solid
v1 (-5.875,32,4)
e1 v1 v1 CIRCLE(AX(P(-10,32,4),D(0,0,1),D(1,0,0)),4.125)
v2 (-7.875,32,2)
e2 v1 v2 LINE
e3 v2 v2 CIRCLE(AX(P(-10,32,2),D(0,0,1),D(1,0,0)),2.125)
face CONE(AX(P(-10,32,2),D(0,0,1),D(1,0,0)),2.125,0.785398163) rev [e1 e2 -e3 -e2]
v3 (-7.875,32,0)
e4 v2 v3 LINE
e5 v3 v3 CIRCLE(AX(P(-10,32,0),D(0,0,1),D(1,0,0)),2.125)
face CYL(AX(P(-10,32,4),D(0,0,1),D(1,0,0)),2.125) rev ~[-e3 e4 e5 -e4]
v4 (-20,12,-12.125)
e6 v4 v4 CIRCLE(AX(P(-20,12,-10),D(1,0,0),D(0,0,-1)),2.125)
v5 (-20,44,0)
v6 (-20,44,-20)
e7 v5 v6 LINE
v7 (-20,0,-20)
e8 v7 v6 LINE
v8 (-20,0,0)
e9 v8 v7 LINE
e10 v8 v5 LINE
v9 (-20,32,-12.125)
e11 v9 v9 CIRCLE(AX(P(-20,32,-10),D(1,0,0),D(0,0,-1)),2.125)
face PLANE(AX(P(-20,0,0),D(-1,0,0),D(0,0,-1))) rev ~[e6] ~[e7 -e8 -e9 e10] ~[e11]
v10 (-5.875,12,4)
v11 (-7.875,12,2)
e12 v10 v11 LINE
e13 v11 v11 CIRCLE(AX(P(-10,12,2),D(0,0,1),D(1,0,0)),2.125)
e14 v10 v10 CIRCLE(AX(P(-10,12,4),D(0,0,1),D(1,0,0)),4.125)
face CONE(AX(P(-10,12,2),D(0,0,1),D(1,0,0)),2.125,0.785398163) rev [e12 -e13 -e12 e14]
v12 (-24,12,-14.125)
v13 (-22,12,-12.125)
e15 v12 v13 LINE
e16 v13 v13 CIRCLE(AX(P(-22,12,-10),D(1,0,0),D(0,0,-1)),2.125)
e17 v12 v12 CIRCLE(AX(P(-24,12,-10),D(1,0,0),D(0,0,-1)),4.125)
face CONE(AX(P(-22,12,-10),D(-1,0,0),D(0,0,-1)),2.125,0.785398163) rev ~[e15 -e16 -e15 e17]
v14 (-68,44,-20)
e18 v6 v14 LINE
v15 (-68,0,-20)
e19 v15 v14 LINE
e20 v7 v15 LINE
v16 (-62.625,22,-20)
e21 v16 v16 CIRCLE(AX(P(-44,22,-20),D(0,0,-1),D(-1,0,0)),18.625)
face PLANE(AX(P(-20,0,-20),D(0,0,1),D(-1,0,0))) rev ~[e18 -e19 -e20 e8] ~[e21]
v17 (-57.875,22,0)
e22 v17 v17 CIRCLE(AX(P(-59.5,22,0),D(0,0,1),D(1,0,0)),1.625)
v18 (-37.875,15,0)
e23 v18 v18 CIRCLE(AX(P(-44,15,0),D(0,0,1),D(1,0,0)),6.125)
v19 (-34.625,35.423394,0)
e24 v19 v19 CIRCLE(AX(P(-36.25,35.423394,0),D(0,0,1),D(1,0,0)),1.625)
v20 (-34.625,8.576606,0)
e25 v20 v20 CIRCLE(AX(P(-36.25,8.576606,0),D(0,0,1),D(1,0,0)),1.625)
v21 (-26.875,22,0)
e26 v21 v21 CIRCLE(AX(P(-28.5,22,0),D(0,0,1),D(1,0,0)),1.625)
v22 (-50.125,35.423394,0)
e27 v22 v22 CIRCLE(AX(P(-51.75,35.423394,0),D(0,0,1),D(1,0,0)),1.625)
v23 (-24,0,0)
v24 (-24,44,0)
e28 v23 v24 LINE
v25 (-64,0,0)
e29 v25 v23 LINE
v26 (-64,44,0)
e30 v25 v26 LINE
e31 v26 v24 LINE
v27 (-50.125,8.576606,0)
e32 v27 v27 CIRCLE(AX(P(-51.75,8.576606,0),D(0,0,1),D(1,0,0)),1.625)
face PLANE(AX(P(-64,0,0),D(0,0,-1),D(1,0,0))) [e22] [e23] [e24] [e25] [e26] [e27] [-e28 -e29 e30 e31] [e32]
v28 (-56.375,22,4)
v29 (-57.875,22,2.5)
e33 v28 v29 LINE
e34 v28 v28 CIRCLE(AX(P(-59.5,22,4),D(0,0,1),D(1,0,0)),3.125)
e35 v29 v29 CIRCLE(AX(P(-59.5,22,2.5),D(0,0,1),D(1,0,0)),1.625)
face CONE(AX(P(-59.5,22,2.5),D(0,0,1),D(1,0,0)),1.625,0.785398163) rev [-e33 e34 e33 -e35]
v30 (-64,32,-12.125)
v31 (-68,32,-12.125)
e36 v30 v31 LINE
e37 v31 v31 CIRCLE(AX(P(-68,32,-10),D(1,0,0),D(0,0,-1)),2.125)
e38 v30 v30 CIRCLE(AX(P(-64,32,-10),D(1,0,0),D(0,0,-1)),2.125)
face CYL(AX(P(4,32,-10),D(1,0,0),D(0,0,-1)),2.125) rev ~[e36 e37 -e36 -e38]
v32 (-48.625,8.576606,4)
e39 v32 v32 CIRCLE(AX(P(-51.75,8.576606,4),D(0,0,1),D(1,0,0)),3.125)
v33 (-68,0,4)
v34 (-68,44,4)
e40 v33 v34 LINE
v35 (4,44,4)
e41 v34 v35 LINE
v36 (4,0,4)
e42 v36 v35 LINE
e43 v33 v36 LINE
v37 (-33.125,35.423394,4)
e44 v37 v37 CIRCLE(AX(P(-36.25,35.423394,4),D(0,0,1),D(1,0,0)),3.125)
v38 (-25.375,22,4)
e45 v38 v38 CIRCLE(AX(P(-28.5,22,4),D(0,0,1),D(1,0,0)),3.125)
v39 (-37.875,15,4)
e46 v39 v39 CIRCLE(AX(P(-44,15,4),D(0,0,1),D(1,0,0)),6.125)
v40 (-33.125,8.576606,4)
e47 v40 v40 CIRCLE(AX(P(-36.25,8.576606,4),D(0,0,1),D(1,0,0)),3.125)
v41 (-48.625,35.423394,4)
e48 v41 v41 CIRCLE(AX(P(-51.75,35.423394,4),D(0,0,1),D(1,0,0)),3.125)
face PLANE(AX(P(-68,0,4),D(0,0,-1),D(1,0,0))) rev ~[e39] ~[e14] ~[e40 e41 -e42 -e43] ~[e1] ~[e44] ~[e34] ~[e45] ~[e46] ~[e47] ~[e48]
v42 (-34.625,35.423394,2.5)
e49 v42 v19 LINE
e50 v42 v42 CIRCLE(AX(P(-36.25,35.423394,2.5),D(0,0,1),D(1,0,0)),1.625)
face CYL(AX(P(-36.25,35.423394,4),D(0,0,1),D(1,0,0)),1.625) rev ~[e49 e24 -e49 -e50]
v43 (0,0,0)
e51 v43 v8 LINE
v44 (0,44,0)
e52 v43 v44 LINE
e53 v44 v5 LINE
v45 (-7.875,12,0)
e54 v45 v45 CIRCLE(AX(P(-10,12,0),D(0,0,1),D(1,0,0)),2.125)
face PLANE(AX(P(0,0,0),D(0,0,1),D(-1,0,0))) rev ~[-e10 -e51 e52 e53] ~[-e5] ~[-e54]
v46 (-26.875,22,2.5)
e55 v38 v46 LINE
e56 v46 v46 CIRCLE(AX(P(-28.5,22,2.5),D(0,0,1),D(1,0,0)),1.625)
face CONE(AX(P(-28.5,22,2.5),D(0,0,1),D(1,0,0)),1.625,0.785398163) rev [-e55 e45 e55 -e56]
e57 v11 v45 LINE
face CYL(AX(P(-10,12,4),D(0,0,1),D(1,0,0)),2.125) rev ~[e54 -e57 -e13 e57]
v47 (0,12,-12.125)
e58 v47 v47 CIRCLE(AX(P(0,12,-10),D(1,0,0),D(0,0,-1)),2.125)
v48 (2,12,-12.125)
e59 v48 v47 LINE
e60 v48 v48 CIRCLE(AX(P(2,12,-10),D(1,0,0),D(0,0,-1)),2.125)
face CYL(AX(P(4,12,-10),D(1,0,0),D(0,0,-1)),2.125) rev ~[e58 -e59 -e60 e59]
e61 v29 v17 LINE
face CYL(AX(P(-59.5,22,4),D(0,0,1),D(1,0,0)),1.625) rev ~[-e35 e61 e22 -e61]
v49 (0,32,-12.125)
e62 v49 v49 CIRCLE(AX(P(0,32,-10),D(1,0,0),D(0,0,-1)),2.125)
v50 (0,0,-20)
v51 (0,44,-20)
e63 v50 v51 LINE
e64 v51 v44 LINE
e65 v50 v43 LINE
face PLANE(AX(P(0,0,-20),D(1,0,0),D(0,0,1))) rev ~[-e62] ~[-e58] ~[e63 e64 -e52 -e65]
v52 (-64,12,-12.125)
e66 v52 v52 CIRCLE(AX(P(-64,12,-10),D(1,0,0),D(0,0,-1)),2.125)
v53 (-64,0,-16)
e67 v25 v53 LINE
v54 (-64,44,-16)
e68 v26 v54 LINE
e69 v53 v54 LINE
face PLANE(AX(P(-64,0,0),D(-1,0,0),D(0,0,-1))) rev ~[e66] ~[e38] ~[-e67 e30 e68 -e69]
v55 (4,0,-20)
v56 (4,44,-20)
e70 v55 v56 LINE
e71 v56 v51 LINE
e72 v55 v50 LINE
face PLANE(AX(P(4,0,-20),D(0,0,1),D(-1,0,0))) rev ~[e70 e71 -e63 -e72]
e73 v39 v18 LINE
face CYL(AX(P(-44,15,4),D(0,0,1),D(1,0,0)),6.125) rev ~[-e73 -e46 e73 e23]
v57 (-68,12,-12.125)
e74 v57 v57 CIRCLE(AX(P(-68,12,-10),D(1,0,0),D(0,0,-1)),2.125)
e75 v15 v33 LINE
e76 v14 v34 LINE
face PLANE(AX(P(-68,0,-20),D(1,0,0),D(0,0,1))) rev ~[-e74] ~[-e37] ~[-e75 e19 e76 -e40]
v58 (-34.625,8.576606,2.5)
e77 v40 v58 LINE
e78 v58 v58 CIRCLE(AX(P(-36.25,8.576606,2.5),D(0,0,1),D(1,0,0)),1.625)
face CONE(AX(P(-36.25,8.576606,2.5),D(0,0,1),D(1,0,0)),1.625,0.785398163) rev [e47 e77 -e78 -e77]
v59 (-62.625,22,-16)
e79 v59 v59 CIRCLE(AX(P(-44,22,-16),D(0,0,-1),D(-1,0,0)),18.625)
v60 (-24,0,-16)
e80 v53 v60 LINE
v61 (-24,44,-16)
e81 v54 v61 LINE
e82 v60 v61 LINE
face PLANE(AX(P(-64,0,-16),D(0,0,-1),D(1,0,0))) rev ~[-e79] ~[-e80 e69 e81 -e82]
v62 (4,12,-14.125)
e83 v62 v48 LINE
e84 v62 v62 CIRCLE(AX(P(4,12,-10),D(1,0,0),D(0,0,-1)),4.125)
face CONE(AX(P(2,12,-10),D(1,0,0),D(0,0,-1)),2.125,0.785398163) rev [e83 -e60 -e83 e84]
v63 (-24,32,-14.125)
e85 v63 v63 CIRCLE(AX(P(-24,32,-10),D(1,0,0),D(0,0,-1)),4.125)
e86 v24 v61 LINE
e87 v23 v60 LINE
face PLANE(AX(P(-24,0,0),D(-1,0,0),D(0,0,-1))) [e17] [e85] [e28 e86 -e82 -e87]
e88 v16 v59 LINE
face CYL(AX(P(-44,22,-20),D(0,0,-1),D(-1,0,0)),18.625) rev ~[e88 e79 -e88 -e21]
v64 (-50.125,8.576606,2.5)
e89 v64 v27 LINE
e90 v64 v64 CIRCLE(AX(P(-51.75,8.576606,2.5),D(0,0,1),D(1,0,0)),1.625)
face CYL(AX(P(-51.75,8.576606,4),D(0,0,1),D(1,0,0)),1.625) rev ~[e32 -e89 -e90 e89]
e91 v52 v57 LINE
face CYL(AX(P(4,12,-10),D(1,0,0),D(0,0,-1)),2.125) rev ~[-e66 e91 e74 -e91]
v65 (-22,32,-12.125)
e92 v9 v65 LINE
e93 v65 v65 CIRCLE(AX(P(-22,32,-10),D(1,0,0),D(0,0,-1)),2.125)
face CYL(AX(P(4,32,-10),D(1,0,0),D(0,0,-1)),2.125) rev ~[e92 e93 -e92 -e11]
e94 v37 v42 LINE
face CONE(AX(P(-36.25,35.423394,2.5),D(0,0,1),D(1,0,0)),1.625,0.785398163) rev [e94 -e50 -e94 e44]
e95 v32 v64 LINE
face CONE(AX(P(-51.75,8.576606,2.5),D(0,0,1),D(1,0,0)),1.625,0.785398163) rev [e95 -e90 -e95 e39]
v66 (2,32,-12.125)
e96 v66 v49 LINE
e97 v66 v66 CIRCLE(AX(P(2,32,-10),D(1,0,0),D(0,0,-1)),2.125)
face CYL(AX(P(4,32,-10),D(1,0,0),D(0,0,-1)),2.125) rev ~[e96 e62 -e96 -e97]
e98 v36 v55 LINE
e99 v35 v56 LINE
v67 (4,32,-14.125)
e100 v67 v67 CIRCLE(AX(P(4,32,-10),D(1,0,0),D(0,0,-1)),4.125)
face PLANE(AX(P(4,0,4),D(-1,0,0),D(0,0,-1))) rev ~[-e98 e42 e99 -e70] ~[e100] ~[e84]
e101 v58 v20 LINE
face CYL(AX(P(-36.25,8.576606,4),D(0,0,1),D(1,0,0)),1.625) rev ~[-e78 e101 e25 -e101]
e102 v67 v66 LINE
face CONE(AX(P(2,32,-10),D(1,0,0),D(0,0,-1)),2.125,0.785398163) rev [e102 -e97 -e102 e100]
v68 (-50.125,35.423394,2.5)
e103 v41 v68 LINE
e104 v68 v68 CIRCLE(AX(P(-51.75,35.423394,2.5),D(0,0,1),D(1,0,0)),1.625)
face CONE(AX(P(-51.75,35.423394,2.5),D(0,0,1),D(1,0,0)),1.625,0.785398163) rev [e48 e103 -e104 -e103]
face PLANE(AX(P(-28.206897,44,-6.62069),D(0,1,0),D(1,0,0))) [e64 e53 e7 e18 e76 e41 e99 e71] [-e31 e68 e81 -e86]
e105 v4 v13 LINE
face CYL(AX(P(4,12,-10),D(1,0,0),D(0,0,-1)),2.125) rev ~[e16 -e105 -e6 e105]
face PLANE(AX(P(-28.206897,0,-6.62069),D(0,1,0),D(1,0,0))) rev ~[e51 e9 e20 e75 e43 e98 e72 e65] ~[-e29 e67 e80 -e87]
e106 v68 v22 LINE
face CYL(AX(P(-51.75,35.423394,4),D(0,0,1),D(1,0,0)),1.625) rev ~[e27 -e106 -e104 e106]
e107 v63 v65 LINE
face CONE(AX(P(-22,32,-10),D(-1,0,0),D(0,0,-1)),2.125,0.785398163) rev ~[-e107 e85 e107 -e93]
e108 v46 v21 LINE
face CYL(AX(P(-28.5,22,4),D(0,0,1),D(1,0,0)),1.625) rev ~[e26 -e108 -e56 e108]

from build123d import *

# Parameters (mm, degrees)
SKETCH1_W           = 40
SKETCH1_H           = 16
BOSS_EXTRUDE1_DEPTH = 44
CUT_EXTRUDE1_REACH  = 86.475
SKETCH2_R           = 18.625
CUT_EXTRUDE2_REACH  = 86.475
SKETCH3_R           = 6.125
SKETCH3_R_2         = 1.625
SKETCH4_R           = 2.125
CUT_EXTRUDE3_DEPTH  = 87.717933555
SKETCH5_R           = 2.125
CUT_EXTRUDE4_DEPTH  = 85.474848328
CHAMFER1_SIZE       = 2
CHAMFER2_SIZE       = 1.5


with BuildPart() as part:
    # Sketch1 → Boss-Extrude1 (new body)
    with BuildSketch(Plane(origin=(0, 0, 0), x_dir=(1, 0, 0), z_dir=(0, 1, 0))):
        Polygon((4, 20), (0, 20), (0, 0), (-20, 0), (-20, 20), (-24, 20), (-68, 20), (-68, 16), (-68, 0), (-68, -4), (-24, -4), (4, -4), align=None)
        with Locations((-44, 8)):
            Rectangle(SKETCH1_W, SKETCH1_H, mode=Mode.SUBTRACT)
    extrude(amount=BOSS_EXTRUDE1_DEPTH)

    # Sketch2 → Cut-Extrude1 (cut, up to next)
    with BuildSketch(Plane(origin=(0, 0, -20), x_dir=(-1, 0, 0), z_dir=(0, 0, -1)), mode=Mode.PRIVATE) as cut_extrude1_sk1:
        with Locations((44, 22)):
            Circle(SKETCH2_R)
    cut_extrude1_tool1 = extrude(cut_extrude1_sk1.sketch, amount=-CUT_EXTRUDE1_REACH, mode=Mode.PRIVATE) & part.part
    add(cut_extrude1_tool1.solids().sort_by_distance((-44, 22, -20))[0], mode=Mode.SUBTRACT)

    # Sketch3 → Cut-Extrude2 (cut, up to next)
    with BuildSketch(Plane.XY.offset(4), mode=Mode.PRIVATE) as cut_extrude2_sk1:
        with Locations((-44, 15)):
            Circle(SKETCH3_R)
    cut_extrude2_tool1 = extrude(cut_extrude2_sk1.sketch, amount=-CUT_EXTRUDE2_REACH, mode=Mode.PRIVATE) & part.part
    # Sketch3 → Cut-Extrude2 (cut, up to next)
    with BuildSketch(Plane.XY.offset(4), mode=Mode.PRIVATE) as cut_extrude2_sk2:
        with Locations((-51.75, 35.423393759)):
            Circle(SKETCH3_R_2)
    cut_extrude2_tool2 = extrude(cut_extrude2_sk2.sketch, amount=-CUT_EXTRUDE2_REACH, mode=Mode.PRIVATE) & part.part
    # Sketch3 → Cut-Extrude2 (cut, up to next)
    with BuildSketch(Plane.XY.offset(4), mode=Mode.PRIVATE) as cut_extrude2_sk3:
        with Locations((-36.25, 35.423393759)):
            Circle(SKETCH3_R_2)
    cut_extrude2_tool3 = extrude(cut_extrude2_sk3.sketch, amount=-CUT_EXTRUDE2_REACH, mode=Mode.PRIVATE) & part.part
    # Sketch3 → Cut-Extrude2 (cut, up to next)
    with BuildSketch(Plane.XY.offset(4), mode=Mode.PRIVATE) as cut_extrude2_sk4:
        with Locations((-28.5, 22)):
            Circle(SKETCH3_R_2)
    cut_extrude2_tool4 = extrude(cut_extrude2_sk4.sketch, amount=-CUT_EXTRUDE2_REACH, mode=Mode.PRIVATE) & part.part
    # Sketch3 → Cut-Extrude2 (cut, up to next)
    with BuildSketch(Plane.XY.offset(4), mode=Mode.PRIVATE) as cut_extrude2_sk5:
        with Locations((-36.25, 8.576606241)):
            Circle(SKETCH3_R_2)
    cut_extrude2_tool5 = extrude(cut_extrude2_sk5.sketch, amount=-CUT_EXTRUDE2_REACH, mode=Mode.PRIVATE) & part.part
    # Sketch3 → Cut-Extrude2 (cut, up to next)
    with BuildSketch(Plane.XY.offset(4), mode=Mode.PRIVATE) as cut_extrude2_sk6:
        with Locations((-51.75, 8.576606241)):
            Circle(SKETCH3_R_2)
    cut_extrude2_tool6 = extrude(cut_extrude2_sk6.sketch, amount=-CUT_EXTRUDE2_REACH, mode=Mode.PRIVATE) & part.part
    # Sketch3 → Cut-Extrude2 (cut, up to next)
    with BuildSketch(Plane.XY.offset(4), mode=Mode.PRIVATE) as cut_extrude2_sk7:
        with Locations((-59.5, 22)):
            Circle(SKETCH3_R_2)
    cut_extrude2_tool7 = extrude(cut_extrude2_sk7.sketch, amount=-CUT_EXTRUDE2_REACH, mode=Mode.PRIVATE) & part.part
    add(cut_extrude2_tool1.solids().sort_by_distance((-44, 15, 4))[0], mode=Mode.SUBTRACT)
    add(cut_extrude2_tool2.solids().sort_by_distance((-51.75, 35.423394, 4))[0], mode=Mode.SUBTRACT)
    add(cut_extrude2_tool3.solids().sort_by_distance((-36.25, 35.423394, 4))[0], mode=Mode.SUBTRACT)
    add(cut_extrude2_tool4.solids().sort_by_distance((-28.5, 22, 4))[0], mode=Mode.SUBTRACT)
    add(cut_extrude2_tool5.solids().sort_by_distance((-36.25, 8.576606, 4))[0], mode=Mode.SUBTRACT)
    add(cut_extrude2_tool6.solids().sort_by_distance((-51.75, 8.576606, 4))[0], mode=Mode.SUBTRACT)
    add(cut_extrude2_tool7.solids().sort_by_distance((-59.5, 22, 4))[0], mode=Mode.SUBTRACT)

    # Sketch4 → Cut-Extrude3 (cut, through all)
    with BuildSketch(Plane(origin=(4, 0, 0), x_dir=(0, 0, -1), z_dir=(1, 0, 0))):
        with Locations((10, 32)):
            Circle(SKETCH4_R)
        with Locations((10, 12)):
            Circle(SKETCH4_R)
    extrude(amount=-CUT_EXTRUDE3_DEPTH, mode=Mode.SUBTRACT)

    # Sketch5 → Cut-Extrude4 (cut, through all)
    with BuildSketch(Plane.XY.offset(4)):
        with Locations((-10, 32)):
            Circle(SKETCH5_R)
        with Locations((-10, 12)):
            Circle(SKETCH5_R)
    extrude(amount=-CUT_EXTRUDE4_DEPTH, mode=Mode.SUBTRACT)

    # Chamfer1
    chamfer1_edges = [part.edges().sort_by_distance(p)[0] for p in [
        (-12.125, 32, 4),
        (-12.125, 12, 4),
        (-24, 32, -7.875),
        (4, 32, -7.875),
        (-24, 12, -7.875),
        (4, 12, -7.875),
    ]]
    chamfer(chamfer1_edges, length=CHAMFER1_SIZE)

    # Chamfer2
    chamfer2_edges = [part.edges().sort_by_distance(p)[0] for p in [
        (-53.375, 35.423393759, 4),
        (-37.875, 35.423393759, 4),
        (-30.125, 22, 4),
        (-37.875, 8.576606241, 4),
        (-53.375, 8.576606241, 4),
        (-61.125, 22, 4),
    ]]
    chamfer(chamfer2_edges, length=CHAMFER2_SIZE)


solid = part.part
